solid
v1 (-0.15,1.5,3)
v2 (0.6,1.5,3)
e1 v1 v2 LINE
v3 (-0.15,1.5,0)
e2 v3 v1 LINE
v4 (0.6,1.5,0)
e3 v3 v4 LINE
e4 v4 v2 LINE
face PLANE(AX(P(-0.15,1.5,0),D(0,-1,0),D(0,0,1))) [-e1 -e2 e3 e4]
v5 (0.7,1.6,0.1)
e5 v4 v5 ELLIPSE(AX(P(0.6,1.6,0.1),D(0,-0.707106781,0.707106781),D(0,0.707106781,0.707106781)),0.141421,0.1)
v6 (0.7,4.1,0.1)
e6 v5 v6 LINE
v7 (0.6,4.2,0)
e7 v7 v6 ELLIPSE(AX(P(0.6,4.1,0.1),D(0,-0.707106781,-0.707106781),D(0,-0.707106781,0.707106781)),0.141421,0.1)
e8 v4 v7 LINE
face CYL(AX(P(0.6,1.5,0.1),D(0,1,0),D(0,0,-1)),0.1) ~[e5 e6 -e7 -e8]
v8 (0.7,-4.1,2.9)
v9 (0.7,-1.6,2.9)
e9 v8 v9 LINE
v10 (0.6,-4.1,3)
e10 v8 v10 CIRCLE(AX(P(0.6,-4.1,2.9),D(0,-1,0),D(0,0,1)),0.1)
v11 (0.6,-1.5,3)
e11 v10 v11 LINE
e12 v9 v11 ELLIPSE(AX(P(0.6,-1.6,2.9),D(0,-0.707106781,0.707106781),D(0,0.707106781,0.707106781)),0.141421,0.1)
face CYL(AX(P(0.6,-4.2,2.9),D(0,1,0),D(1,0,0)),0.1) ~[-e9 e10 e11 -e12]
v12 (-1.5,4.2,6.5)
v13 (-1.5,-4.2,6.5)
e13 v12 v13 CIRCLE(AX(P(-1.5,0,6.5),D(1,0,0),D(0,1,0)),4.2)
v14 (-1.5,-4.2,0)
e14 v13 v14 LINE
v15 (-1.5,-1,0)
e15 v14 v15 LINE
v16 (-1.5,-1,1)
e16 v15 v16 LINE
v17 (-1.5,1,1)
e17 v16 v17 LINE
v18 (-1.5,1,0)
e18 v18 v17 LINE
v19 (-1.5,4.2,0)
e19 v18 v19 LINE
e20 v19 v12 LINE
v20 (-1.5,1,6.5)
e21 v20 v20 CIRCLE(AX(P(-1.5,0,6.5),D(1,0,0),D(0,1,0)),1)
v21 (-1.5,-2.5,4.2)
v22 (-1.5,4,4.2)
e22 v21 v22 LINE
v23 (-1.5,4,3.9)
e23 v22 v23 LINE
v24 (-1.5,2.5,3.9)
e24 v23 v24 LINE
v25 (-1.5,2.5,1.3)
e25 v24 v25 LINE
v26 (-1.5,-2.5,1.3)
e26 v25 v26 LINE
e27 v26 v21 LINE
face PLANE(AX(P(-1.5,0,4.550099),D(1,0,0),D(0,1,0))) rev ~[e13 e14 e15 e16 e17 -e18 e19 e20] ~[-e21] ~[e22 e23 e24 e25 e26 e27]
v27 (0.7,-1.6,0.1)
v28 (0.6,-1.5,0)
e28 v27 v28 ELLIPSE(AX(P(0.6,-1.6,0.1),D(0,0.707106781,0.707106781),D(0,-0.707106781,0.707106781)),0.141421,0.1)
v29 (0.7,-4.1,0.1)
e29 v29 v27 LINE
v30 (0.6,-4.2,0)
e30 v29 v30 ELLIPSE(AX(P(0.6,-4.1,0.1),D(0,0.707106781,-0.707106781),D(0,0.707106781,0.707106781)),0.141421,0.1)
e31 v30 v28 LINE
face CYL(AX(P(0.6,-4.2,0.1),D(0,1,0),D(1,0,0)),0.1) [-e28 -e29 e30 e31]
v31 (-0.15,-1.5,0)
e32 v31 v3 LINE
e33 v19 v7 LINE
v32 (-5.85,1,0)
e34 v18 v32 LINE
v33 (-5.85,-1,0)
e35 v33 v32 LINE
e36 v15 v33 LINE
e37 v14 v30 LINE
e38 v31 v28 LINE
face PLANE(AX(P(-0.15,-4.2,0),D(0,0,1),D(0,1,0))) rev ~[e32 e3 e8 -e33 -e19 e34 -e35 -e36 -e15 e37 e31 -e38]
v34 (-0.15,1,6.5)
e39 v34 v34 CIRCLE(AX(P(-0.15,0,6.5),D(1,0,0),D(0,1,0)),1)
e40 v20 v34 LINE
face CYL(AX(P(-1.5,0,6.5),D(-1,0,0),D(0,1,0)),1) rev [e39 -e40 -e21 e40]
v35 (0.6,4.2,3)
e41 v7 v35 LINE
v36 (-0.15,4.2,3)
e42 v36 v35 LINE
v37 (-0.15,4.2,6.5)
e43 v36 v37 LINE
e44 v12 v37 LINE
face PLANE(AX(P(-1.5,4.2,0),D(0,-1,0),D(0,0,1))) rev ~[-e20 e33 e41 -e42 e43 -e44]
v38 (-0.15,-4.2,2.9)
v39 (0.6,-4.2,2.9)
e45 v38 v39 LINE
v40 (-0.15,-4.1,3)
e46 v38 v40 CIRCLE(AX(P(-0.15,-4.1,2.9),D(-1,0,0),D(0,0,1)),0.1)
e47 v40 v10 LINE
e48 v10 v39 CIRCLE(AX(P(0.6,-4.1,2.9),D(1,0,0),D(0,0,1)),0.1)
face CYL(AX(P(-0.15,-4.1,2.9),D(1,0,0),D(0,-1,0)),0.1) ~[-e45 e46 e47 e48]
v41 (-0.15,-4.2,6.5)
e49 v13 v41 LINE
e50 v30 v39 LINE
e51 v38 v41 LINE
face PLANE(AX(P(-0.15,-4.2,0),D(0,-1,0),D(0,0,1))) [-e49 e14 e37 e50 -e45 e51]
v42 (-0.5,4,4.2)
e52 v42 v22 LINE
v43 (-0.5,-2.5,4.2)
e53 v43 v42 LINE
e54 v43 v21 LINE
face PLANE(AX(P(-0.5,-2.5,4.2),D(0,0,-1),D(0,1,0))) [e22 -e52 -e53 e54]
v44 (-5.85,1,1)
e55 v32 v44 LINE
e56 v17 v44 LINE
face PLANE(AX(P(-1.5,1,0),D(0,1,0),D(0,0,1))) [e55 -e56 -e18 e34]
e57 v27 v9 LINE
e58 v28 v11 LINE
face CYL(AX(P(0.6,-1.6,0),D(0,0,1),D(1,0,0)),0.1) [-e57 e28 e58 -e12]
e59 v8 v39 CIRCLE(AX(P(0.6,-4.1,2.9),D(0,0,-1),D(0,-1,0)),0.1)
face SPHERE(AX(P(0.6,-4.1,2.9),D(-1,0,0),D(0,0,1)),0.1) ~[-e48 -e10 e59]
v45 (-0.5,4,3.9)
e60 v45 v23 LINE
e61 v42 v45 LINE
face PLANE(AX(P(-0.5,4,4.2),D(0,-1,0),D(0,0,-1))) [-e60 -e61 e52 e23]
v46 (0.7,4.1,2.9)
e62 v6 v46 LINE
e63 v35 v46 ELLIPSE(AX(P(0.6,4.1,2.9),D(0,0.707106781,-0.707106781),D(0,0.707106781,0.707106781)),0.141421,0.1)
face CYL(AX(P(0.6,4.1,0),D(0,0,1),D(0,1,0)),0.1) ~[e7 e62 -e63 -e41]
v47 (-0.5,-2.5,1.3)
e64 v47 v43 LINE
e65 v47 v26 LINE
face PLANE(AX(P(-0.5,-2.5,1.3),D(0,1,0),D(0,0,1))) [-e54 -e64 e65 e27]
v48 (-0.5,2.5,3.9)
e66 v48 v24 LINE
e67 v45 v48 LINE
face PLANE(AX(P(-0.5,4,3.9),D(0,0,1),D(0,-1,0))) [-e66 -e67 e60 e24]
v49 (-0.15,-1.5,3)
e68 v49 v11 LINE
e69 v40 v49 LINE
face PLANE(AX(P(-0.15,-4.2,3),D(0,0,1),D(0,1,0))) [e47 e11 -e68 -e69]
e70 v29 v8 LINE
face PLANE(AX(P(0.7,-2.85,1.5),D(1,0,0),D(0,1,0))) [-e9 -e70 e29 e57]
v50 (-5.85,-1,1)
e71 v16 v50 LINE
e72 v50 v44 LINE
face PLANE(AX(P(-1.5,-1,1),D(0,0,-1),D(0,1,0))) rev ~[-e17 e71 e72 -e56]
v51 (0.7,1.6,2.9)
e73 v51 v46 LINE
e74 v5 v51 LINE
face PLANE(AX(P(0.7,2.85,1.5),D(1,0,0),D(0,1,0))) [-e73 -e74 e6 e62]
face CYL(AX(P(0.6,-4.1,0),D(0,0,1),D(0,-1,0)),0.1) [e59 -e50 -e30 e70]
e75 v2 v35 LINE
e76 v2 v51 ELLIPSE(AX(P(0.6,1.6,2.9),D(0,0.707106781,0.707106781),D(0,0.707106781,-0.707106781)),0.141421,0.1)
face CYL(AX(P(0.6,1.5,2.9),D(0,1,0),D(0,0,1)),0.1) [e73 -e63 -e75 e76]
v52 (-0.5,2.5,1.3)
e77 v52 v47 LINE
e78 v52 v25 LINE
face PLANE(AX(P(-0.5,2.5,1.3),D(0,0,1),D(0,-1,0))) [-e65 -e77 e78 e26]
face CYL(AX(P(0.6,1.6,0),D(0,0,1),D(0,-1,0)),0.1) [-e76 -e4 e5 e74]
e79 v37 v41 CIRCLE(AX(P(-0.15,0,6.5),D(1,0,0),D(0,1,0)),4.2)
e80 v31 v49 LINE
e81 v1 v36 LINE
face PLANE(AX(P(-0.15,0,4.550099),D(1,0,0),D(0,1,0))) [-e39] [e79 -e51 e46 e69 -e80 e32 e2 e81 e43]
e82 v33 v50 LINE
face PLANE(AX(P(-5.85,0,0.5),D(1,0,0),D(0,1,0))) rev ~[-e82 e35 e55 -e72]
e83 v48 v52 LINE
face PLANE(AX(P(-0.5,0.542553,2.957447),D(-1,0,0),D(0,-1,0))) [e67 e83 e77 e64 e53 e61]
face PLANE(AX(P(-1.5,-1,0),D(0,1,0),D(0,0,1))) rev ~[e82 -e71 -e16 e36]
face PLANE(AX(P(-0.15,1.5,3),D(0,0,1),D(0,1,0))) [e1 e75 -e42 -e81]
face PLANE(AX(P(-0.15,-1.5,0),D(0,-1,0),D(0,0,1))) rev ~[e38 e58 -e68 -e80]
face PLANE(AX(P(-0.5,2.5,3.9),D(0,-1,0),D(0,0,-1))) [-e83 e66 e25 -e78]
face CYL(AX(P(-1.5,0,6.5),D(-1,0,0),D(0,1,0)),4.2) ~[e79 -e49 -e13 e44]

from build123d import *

# Parameters (mm, degrees)
SKETCH039_R     = 1
PAD010_DEPTH    = 1.35
SKETCH041_W     = 2
SKETCH041_H     = 1
PAD014_DEPTH    = 4.35
SKETCH040_W     = 2.7
SKETCH040_H     = 3
PAD015_DEPTH    = 0.85
POCKET015_DEPTH = 5.351
FILLET_R        = 0.1


with BuildPart() as part:
    # Sketch039 → Pad010 (new body)
    with BuildSketch(Plane.YZ.offset(-1.5)):
        with BuildLine():
            ThreePointArc((4.2, 7), (0, 11.2), (-4.2, 7))
            Line((-4.2, 7), (-4.2, 0.5))
            Line((-4.2, 0.5), (4.2, 0.5))
            Line((4.2, 0.5), (4.2, 7))
        make_face()
        with Locations((0, 7)):
            Circle(SKETCH039_R, mode=Mode.SUBTRACT)
    extrude(amount=PAD010_DEPTH)

    # Sketch041 → Pad014 (join)
    with BuildSketch(Plane.YZ.offset(-1.5)):
        with Locations((0, 1)):
            Rectangle(SKETCH041_W, SKETCH041_H)
    extrude(amount=-PAD014_DEPTH)

    # Sketch040 (on Face7 of Pad010) → Pad015 (join)
    with BuildSketch(Plane.YZ.offset(-0.15)):
        with Locations((-2.85, 2)):
            Rectangle(SKETCH040_W, SKETCH040_H)
        with Locations((2.85, 2)):
            Rectangle(SKETCH040_W, SKETCH040_H)
    extrude(amount=PAD015_DEPTH)

    # Sketch055 → Pocket015 (cut, through all)
    with BuildSketch(Plane.YZ.offset(-0.5)):
        Polygon((-2.5, 4.7), (4, 4.7), (4, 4.4), (2.5, 4.4), (2.5, 1.8), (-2.5, 1.8), align=None)
    extrude(amount=-POCKET015_DEPTH, mode=Mode.SUBTRACT)

    # Fillet
    fillet_edges = [part.edges().sort_by_distance(p)[0] for p in [
        (0.275, -4.2, 3.5),
        (0.7, -2.85, 3.5),
        (0.7, -1.5, 2),
        (0.7, -2.85, 0.5),
        (0.7, -4.2, 2),
        (0.7, 2.85, 3.5),
        (0.7, 4.2, 2),
        (0.7, 2.85, 0.5),
        (0.7, 1.5, 2),
    ]]
    fillet(fillet_edges, radius=FILLET_R)


with BuildPart() as part_1:
    # Body010 placement: moved
    add(part.part.moved(Location((0, 0, -0.5))))


solid = part_1.part
